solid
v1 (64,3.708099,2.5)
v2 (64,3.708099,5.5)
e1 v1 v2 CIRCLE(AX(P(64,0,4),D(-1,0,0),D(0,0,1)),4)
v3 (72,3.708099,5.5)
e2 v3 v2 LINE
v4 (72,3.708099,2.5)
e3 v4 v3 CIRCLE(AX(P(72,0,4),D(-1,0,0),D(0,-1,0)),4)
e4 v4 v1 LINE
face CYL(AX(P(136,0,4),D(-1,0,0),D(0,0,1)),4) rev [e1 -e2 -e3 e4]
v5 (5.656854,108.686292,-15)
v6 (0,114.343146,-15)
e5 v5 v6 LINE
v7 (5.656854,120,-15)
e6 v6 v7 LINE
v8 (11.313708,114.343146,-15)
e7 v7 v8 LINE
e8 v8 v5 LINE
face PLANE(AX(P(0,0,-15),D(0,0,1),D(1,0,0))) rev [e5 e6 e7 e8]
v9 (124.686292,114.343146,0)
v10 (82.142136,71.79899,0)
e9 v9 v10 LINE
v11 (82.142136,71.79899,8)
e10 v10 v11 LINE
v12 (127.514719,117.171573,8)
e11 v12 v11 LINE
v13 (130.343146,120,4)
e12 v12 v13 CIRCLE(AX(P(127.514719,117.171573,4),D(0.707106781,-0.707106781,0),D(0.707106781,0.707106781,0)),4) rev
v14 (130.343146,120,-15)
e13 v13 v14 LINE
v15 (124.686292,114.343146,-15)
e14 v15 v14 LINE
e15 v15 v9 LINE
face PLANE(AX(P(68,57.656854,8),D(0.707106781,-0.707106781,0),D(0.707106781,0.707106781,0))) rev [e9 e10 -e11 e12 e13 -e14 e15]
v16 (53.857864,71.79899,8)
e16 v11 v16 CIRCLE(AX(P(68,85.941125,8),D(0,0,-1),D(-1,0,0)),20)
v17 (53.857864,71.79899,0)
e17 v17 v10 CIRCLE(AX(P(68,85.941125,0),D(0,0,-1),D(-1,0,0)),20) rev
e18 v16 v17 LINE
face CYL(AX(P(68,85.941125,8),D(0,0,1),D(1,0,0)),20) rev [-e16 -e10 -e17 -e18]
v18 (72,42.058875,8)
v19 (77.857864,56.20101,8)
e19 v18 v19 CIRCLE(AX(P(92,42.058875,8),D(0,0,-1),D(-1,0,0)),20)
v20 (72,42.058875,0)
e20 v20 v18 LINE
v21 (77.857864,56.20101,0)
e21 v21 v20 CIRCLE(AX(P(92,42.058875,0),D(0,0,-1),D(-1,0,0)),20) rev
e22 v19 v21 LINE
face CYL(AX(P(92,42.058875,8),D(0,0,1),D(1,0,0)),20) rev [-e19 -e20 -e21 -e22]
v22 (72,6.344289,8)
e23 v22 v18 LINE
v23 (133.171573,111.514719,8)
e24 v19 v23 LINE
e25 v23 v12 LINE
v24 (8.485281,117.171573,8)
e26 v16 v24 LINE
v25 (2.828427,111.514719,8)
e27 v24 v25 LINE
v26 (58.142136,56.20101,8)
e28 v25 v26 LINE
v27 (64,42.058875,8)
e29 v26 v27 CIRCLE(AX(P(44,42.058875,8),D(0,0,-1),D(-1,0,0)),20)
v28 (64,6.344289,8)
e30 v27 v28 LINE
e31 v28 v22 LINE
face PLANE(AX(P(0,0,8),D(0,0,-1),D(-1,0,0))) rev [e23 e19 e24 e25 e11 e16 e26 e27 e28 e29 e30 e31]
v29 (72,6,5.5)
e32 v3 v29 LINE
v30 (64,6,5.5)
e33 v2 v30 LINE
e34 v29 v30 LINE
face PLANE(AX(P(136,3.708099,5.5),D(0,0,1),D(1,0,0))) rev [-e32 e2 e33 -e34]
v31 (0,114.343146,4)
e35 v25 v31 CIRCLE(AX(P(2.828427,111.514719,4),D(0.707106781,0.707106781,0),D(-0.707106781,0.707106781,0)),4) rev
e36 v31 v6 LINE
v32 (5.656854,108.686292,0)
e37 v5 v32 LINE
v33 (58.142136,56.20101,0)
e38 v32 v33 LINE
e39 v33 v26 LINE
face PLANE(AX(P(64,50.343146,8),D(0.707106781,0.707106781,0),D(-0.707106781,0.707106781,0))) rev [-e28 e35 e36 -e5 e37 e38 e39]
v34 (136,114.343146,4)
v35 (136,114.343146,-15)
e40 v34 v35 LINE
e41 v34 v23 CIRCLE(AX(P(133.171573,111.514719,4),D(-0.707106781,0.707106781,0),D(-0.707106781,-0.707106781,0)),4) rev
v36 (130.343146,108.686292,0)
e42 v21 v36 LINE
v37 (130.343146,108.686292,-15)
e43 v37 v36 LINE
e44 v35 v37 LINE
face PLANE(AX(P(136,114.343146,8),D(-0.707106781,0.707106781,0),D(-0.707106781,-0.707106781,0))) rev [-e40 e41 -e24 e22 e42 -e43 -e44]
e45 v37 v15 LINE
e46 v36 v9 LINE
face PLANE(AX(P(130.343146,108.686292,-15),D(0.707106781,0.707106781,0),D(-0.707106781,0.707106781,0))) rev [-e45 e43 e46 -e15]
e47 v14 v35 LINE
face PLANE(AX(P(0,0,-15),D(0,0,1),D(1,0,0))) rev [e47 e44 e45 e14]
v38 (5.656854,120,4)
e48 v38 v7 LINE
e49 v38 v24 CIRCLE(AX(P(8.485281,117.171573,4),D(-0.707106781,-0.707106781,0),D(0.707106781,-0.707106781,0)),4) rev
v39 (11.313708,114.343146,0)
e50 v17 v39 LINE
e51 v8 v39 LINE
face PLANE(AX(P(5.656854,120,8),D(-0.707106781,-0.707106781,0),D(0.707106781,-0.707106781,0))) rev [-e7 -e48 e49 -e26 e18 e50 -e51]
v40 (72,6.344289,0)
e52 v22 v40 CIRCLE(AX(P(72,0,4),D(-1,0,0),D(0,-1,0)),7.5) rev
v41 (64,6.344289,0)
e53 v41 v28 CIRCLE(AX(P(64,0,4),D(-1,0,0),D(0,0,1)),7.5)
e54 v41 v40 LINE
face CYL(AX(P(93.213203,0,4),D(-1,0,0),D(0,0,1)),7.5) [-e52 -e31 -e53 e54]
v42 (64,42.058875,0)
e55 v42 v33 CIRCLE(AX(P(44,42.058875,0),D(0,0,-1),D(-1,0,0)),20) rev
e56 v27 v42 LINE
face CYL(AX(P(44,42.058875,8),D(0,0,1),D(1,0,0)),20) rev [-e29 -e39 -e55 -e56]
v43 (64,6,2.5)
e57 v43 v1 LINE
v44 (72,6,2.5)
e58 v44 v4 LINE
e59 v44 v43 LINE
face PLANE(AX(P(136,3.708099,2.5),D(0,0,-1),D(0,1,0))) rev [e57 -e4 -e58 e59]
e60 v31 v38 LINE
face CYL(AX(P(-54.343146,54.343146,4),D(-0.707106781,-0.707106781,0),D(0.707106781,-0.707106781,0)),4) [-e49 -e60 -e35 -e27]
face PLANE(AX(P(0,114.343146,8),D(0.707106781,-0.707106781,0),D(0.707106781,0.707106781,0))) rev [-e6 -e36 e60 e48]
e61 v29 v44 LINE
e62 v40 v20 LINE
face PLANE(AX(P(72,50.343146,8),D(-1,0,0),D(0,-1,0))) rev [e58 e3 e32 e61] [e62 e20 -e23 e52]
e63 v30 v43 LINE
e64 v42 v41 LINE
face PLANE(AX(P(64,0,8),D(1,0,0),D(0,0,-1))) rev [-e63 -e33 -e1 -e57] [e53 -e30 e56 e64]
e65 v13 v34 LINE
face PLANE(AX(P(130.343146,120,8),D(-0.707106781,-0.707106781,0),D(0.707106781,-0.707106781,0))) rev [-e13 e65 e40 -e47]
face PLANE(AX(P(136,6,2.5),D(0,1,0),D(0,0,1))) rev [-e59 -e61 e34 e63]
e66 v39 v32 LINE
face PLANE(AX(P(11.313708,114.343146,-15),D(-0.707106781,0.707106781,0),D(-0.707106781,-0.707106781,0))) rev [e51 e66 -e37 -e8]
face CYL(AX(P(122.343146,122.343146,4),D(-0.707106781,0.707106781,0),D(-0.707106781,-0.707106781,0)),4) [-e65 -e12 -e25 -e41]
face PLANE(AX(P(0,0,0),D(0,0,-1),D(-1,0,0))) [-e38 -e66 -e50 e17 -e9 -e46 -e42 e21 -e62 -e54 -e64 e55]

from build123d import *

# Parameters (mm, degrees)
BOSS_EXTRU_1_DEPTH      = 8
BOSS_EXTRU_2_DEPTH      = 15
CONG_1_R                = 20
CONG_2_R                = 4
ESQUISSE3_R             = 7.5
BOSS_EXTRU_3_DEPTH      = 8
ENL_V_MAT_EXTRU_1_DEPTH = 141.744449269


with BuildPart() as part:
    # Esquisse1 → Boss.-Extru.1 (new body)
    with BuildSketch(Plane.XY):
        Polygon((64, 0), (64, 50.343145751), (0, 114.343145751), (5.656854249, 120), (68, 57.656854249), (130.343145751, 120), (136, 114.343145751), (72, 50.343145751), (72, 0), align=None)
    extrude(amount=BOSS_EXTRU_1_DEPTH)

    # Esquisse2 → Boss.-Extru.2 (add)
    with BuildSketch(Plane(origin=(0, 0, 0), x_dir=(-1, 0, 0), z_dir=(0, 0, -1))):
        Polygon((-130.343145751, 108.686291501), (-136, 114.343145751), (-130.343145751, 120), (-124.686291501, 114.343145751), align=None)
        Polygon((0, 114.343145751), (-5.656854249, 108.686291501), (-11.313708499, 114.343145751), (-5.656854249, 120), align=None)
    extrude(amount=BOSS_EXTRU_2_DEPTH)

    # Congé1
    cong_1_edges = [part.edges().sort_by_distance(p)[0] for p in [
        (64, 50.343145751, 4),
        (68, 57.656854249, 4),
        (72, 50.343145751, 4),
    ]]
    fillet(cong_1_edges, radius=CONG_1_R)

    # Congé2
    cong_2_edges = [part.edges().sort_by_distance(p)[0] for p in [
        (133.171572875, 117.171572875, 8),
        (2.828427125, 117.171572875, 8),
    ]]
    fillet(cong_2_edges, radius=CONG_2_R)

    # Esquisse3 → Boss.-Extru.3 (add)
    with BuildSketch(Plane.ZY.offset(-64)):
        with Locations((4, 0)):
            Circle(ESQUISSE3_R)
    extrude(amount=-BOSS_EXTRU_3_DEPTH)

    # Esquisse4 → Enlèv. mat.-Extru.1 (cut, through all)
    with BuildSketch(Plane.ZY.offset(-64)):
        with BuildLine():
            Line((2.5, 3.708099244), (2.5, 6))
            Line((2.5, 6), (5.5, 6))
            Line((5.5, 6), (5.5, 3.708099244))
            ThreePointArc((5.5, 3.708099244), (4, -4), (2.5, 3.708099244))
        make_face()
    extrude(amount=-ENL_V_MAT_EXTRU_1_DEPTH, mode=Mode.SUBTRACT)


solid = part.part
